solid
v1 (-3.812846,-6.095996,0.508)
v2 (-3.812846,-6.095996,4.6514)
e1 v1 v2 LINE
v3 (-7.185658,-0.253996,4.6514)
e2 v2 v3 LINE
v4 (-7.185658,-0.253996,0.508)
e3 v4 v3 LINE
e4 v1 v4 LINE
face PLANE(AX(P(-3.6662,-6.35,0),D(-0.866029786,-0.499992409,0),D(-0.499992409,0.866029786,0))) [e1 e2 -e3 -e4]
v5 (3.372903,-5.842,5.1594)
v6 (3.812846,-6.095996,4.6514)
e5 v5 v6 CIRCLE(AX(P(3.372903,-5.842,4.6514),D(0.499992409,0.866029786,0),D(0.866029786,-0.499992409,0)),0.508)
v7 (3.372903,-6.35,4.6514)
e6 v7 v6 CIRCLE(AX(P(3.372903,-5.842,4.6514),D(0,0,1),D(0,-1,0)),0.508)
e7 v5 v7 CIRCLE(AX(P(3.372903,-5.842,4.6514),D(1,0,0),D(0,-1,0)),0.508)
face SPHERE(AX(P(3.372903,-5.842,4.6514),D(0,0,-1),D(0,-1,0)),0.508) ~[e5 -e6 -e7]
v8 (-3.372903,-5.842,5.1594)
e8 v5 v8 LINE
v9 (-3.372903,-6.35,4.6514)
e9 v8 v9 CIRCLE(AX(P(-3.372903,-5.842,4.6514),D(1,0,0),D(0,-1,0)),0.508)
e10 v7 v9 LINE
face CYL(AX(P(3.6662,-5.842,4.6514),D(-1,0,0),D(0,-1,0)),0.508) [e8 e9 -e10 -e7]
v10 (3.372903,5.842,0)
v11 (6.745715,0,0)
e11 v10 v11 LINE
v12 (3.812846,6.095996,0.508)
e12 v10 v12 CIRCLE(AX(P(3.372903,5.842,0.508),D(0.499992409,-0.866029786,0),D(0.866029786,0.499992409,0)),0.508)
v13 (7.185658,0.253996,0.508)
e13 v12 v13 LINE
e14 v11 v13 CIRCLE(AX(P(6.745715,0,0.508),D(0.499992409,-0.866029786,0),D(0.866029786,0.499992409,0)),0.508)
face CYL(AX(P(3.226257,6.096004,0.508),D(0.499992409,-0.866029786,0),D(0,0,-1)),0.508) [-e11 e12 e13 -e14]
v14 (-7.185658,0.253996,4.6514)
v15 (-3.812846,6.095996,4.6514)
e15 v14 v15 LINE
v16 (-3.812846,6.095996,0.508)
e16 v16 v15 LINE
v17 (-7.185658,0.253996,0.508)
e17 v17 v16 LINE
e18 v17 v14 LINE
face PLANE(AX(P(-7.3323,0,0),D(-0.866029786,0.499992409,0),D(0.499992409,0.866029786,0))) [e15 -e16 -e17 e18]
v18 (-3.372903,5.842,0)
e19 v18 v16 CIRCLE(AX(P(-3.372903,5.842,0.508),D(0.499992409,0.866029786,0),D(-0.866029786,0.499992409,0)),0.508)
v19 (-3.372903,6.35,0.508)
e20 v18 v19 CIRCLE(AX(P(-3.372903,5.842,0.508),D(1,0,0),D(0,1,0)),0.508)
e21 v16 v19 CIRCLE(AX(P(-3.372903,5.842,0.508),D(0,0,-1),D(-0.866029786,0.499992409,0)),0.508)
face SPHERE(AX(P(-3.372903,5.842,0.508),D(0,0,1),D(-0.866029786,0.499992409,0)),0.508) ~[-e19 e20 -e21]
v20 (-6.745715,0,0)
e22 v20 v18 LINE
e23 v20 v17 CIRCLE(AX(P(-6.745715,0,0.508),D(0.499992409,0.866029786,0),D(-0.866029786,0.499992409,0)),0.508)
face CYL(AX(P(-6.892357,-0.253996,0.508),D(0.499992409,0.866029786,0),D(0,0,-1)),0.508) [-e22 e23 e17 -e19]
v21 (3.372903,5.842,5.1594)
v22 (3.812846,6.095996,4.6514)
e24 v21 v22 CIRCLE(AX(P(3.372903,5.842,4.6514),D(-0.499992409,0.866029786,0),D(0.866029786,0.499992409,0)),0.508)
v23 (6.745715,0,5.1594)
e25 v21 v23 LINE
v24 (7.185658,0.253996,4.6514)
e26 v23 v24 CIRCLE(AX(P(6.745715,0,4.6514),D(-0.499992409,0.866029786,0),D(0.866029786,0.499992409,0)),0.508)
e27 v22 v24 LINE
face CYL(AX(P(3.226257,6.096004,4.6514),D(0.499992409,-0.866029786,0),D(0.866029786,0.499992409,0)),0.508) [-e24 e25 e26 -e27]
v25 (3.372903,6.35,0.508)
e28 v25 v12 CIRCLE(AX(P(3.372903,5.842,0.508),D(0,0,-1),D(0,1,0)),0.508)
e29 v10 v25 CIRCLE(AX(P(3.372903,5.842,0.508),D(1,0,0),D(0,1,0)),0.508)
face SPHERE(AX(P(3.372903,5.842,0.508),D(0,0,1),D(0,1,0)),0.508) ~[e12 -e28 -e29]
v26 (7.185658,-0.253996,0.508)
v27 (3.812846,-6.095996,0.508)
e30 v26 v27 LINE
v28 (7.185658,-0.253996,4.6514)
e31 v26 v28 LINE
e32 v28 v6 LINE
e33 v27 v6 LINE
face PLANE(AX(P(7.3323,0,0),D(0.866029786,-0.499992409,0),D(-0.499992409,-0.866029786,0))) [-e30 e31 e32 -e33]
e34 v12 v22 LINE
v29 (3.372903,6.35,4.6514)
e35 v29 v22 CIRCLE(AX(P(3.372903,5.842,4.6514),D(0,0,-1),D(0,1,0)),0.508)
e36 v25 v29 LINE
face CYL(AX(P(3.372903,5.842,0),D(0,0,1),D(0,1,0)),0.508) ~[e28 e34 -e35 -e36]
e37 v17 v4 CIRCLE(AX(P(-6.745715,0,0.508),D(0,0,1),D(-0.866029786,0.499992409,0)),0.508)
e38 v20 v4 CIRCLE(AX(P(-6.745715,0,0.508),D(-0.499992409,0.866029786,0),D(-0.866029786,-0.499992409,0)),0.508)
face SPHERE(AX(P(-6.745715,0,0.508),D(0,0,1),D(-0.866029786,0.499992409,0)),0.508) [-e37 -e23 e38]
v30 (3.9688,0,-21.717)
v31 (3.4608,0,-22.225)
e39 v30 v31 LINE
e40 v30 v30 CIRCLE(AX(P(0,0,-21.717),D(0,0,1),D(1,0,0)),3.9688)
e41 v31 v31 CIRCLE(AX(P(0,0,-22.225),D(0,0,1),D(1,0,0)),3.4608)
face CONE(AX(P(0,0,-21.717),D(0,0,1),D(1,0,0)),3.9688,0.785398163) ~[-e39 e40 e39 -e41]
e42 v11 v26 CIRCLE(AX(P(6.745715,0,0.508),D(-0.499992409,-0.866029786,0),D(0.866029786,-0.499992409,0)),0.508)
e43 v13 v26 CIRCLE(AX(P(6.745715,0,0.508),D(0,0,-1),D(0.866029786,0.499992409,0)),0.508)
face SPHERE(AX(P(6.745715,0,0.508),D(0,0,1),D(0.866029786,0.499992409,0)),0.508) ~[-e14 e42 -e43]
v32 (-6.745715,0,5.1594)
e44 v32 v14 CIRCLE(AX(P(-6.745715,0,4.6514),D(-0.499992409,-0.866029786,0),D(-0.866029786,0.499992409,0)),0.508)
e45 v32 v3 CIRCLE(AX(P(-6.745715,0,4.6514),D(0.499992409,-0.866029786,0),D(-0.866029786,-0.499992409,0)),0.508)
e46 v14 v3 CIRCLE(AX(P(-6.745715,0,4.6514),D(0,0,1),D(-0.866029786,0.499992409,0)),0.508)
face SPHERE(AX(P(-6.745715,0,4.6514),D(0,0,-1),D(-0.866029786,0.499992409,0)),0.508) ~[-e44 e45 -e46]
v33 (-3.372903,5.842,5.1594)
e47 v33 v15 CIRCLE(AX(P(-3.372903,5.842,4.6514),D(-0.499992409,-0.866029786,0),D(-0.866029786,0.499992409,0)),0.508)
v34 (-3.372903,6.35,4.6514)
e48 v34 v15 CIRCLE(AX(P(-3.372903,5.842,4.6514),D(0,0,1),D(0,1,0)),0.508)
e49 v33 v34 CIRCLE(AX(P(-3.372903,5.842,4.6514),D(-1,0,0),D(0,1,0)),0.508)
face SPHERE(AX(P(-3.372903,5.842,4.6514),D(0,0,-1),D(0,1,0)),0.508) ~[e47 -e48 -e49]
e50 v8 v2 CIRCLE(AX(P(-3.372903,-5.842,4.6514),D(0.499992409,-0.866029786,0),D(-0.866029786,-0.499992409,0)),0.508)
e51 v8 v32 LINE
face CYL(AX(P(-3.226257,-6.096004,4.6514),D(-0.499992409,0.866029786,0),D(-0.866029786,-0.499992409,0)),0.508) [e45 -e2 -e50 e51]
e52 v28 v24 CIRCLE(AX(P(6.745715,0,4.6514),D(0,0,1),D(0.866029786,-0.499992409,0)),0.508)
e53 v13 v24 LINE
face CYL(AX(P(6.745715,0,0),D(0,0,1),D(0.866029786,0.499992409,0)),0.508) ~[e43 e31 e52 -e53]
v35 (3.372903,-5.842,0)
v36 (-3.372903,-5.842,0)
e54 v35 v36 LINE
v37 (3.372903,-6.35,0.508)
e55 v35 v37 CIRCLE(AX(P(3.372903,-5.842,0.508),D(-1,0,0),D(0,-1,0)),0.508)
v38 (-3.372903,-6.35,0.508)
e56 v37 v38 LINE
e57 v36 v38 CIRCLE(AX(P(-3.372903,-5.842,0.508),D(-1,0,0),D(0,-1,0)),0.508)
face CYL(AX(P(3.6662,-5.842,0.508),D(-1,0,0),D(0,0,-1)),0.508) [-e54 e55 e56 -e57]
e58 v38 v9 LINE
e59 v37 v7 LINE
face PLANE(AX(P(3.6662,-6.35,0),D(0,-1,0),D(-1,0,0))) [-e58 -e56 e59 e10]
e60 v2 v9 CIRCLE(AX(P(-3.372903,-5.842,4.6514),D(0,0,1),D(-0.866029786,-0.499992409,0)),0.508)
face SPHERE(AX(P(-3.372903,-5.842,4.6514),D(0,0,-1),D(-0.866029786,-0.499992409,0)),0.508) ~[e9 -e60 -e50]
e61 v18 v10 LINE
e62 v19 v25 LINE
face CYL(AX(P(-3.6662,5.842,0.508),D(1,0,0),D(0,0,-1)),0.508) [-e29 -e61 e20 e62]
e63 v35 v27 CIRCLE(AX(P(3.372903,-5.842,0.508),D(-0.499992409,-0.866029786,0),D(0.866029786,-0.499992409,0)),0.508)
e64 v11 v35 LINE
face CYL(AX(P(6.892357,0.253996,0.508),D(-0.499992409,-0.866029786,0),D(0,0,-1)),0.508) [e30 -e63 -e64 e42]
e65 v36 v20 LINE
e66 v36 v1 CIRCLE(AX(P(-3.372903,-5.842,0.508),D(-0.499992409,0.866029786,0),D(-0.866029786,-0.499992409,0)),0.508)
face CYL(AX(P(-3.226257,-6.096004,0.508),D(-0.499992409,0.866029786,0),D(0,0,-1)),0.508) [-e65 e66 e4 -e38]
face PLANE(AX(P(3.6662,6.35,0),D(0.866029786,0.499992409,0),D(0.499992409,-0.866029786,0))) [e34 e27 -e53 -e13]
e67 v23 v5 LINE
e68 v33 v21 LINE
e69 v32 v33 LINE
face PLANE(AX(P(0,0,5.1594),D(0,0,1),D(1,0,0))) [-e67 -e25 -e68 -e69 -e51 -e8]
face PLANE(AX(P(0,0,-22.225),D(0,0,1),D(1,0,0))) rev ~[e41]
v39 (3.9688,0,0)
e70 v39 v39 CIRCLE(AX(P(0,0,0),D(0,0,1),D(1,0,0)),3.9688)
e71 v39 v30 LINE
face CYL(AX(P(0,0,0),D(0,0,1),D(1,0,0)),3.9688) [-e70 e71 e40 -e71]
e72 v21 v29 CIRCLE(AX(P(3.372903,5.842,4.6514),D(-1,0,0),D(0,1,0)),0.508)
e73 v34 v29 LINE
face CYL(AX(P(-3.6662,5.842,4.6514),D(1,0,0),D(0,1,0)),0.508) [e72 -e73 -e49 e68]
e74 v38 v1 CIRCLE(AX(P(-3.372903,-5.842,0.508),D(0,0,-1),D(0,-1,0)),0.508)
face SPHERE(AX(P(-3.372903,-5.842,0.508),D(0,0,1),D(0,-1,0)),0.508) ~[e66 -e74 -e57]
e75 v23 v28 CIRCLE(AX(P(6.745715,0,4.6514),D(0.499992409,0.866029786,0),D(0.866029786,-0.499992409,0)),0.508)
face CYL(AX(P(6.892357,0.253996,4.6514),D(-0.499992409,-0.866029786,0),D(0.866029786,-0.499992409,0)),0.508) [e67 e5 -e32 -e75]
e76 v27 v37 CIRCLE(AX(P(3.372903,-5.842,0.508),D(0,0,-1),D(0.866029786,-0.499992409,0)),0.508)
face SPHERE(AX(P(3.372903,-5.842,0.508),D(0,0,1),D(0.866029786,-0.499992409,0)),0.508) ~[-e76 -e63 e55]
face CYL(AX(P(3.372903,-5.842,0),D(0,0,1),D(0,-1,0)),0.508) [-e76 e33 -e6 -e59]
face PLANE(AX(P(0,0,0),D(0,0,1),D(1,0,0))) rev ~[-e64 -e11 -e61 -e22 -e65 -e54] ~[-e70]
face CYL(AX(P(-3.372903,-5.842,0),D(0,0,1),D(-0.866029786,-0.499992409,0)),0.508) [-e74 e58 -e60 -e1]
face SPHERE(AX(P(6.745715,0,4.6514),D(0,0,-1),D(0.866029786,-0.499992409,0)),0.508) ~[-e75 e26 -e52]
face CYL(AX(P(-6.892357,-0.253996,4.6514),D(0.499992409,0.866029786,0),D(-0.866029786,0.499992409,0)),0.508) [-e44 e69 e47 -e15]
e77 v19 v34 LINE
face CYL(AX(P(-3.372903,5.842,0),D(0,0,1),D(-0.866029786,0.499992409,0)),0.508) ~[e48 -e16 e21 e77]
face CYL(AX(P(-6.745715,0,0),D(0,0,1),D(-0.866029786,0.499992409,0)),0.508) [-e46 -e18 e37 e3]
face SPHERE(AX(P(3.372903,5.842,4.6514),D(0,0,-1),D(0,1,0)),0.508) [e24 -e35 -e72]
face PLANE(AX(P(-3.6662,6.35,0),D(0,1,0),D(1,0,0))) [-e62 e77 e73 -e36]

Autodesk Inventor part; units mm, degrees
ref_plane "YZ Plane" through (0, 0, 0) normal (1, 0, 0) x (0, 1, 0)
ref_plane "XZ Plane" through (0, 0, 0) normal (0, 1, 0) x (-1, 0, 0)
ref_plane "XY Plane" through (0, 0, 0) normal (0, 0, 1) x (1, 0, 0)
sketch "Sketch1" plane through (0, 0, 0) normal (0, 0, 1) x (1, 0, 0)
  circle A0 centre (0, 0) radius 3.9688
  dimension "d0" = 7.9375
extrude "Extrusion1" add sketch "Sketch1" against normal blind 22.225
sketch "Sketch2" plane through (0, 0, 0) normal (0, 0, 1) x (1, 0, 0)
  circle A0 centre (0, 0) radius 3.9687 projected
  line L0 (-7.3323, 0) -> (-3.6662, 6.35)
  line L1 (-3.6662, 6.35) -> (3.6662, 6.35)
  line L2 (3.6662, 6.35) -> (7.3323, 0)
  line L3 (7.3323, 0) -> (3.6662, -6.35)
  line L4 (3.6662, -6.35) -> (-3.6662, -6.35)
  line L5 (-3.6662, -6.35) -> (-7.3323, 0)
  dimension "d3" = 12.7
extrude "Extrusion2" add sketch "Sketch2" along normal blind 5.1594 contours A0 | L0 L1 L2 L3 L4 L5
thread "Thread1" size "5/16-18 UNC" class "2A" standard "ANSI Unified Screw Threads" full length
chamfer "Chamfer1" distance 0.508 angle 45 1 edges at (-3.9688, 0, -22.225)
fillet "Fillet1" radius 0.508 18 edges at (0, 6.35, 5.1594) (-5.4993, 3.175, 5.1594) (-5.4993, -3.175, 5.1594) (0, -6.35, 5.1594) (5.4993, -3.175, 5.1594) (5.4993, 3.175, 5.1594) (-5.4993, 3.175, 0) (0, 6.35, 0) (5.4993, 3.175, 0) (5.4993, -3.175, 0) (0, -6.35, 0) (-5.4993, -3.175, 0) (7.3323, 0, 2.5797) (3.6662, -6.35, 2.5797) (3.6662, 6.35, 2.5797) (-3.6662, -6.35, 2.5797) (-7.3323, 0, 2.5797) (-3.6662, 6.35, 2.5797)
properties part number "375 bolt x4" material "Steel"
